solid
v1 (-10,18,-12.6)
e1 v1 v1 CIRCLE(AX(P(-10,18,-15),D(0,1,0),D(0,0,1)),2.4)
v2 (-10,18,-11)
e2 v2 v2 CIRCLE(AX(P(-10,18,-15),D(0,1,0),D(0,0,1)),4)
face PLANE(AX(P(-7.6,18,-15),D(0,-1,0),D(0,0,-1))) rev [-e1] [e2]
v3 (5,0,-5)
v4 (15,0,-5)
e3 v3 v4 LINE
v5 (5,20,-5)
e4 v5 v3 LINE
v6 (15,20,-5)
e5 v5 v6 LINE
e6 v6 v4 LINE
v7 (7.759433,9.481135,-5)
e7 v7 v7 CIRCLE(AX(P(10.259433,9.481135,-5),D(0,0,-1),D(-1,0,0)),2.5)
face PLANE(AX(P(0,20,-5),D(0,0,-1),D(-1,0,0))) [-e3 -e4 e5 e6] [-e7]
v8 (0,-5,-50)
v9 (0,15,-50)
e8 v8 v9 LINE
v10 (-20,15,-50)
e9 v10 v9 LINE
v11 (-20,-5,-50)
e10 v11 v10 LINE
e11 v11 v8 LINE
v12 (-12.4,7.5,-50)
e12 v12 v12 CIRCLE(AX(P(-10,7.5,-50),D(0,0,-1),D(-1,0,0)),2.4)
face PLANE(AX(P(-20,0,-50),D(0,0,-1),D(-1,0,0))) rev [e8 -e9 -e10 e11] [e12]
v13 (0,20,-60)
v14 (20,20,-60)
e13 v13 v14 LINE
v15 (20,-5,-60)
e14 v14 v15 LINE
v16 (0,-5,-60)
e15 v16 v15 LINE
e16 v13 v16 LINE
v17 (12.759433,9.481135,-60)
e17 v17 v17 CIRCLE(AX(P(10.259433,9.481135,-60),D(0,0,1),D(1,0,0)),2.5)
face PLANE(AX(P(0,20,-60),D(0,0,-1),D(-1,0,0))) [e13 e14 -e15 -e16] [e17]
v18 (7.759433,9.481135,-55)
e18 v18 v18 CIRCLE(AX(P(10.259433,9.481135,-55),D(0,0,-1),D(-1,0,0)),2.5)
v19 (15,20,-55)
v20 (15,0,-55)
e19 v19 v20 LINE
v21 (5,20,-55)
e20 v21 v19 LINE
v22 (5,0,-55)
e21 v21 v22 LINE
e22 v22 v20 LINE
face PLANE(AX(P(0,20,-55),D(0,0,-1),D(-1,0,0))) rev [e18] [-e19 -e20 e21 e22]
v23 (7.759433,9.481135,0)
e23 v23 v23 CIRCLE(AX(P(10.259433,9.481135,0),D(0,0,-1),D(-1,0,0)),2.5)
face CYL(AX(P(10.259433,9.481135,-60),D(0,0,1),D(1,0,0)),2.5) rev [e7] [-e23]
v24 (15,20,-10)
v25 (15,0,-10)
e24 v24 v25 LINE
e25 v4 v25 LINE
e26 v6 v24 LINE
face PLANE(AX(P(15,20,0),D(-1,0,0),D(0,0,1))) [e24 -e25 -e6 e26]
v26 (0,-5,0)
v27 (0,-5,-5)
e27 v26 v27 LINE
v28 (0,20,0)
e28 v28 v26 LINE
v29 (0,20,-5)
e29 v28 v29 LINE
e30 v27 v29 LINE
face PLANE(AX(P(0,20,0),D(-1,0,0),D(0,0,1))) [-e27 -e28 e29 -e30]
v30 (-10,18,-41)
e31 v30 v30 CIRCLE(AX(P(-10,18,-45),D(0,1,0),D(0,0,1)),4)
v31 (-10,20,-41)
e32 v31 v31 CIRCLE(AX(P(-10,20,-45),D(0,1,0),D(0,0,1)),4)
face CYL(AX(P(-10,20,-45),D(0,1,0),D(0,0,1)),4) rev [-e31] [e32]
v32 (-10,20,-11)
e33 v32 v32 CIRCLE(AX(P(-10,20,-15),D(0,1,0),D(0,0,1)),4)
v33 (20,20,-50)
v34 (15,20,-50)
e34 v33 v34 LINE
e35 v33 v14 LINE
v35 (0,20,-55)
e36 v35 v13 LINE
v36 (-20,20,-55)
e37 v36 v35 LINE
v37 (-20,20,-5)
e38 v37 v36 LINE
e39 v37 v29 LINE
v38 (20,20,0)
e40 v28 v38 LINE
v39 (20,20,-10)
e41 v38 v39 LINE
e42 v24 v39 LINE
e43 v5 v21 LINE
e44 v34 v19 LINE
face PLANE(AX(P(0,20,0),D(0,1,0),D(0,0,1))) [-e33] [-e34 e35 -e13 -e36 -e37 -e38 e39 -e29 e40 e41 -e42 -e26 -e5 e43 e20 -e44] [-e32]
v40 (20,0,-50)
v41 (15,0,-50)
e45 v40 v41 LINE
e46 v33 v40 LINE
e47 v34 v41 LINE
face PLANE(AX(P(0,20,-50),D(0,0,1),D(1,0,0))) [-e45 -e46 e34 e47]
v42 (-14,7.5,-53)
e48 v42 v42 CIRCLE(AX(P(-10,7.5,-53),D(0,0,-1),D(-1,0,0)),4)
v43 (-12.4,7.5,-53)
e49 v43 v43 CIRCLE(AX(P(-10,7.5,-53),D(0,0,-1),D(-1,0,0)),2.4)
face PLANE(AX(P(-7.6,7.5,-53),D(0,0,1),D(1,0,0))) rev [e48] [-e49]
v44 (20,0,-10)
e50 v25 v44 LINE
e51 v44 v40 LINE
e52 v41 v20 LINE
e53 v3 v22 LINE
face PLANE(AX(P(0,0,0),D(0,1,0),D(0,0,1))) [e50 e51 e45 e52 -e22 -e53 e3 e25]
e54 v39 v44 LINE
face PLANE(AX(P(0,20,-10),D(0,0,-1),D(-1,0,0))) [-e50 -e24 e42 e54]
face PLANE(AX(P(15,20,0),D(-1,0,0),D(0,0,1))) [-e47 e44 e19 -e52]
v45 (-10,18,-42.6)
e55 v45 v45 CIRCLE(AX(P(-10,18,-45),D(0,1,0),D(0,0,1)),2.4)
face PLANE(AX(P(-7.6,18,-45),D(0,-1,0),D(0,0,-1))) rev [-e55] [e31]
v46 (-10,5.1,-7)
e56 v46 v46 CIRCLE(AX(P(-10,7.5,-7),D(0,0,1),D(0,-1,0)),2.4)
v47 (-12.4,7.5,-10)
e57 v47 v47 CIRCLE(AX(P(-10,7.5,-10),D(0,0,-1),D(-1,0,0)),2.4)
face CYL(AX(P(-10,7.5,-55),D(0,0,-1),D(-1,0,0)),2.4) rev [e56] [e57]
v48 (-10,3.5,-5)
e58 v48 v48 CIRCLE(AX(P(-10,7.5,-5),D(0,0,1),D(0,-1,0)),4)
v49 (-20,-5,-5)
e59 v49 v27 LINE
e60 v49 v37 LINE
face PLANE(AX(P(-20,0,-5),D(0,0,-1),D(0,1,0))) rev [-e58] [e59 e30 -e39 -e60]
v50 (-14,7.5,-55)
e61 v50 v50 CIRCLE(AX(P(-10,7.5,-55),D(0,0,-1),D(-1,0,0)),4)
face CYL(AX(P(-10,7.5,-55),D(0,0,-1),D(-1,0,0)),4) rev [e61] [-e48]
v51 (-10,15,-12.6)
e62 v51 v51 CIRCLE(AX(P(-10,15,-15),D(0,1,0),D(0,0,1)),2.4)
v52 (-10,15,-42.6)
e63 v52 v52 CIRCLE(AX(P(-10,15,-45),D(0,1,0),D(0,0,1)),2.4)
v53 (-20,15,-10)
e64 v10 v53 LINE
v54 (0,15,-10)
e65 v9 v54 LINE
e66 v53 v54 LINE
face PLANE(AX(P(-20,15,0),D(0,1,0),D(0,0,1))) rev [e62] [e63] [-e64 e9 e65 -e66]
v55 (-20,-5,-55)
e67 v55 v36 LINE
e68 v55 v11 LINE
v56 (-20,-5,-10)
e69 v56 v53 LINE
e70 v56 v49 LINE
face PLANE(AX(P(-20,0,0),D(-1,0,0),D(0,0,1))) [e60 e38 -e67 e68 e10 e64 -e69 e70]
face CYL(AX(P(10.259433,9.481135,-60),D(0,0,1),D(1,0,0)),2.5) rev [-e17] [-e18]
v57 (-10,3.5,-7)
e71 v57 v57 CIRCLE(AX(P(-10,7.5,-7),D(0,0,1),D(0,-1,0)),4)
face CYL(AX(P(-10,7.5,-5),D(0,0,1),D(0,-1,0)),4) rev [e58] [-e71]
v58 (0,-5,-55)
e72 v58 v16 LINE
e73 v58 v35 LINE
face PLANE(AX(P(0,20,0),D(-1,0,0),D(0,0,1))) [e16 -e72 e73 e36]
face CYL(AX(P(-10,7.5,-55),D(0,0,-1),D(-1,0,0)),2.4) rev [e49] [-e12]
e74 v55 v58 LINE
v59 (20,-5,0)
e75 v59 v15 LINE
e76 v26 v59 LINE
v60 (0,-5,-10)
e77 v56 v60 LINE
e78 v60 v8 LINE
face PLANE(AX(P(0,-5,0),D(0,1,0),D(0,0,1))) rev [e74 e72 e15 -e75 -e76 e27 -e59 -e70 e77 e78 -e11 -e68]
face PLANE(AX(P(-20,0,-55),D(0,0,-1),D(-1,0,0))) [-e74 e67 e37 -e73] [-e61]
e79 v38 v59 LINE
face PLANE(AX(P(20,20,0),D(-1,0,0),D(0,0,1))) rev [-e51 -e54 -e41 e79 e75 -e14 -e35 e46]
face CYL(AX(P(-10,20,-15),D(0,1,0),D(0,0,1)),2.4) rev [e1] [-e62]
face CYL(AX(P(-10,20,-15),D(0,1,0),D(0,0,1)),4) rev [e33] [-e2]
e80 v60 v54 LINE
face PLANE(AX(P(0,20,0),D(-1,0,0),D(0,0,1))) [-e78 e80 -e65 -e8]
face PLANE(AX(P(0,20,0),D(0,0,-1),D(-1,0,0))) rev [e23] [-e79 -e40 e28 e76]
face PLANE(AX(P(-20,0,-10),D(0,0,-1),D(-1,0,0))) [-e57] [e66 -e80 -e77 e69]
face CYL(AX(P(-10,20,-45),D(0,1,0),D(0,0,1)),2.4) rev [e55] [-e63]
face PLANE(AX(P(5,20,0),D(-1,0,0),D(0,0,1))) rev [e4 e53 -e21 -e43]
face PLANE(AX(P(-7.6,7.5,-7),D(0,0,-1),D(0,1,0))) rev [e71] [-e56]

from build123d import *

# Parameters (mm, degrees)
ESQUISSE1_W                                       = 5
ESQUISSE1_H                                       = 40
BOSS_EXTRU_1_DEPTH                                = 20
ESQUISSE1_3_W                                     = 5
ESQUISSE1_3_H                                     = 40
ESQUISSE1_3_W_2                                   = 10
ESQUISSE1_3_H_2                                   = 5
BOSS_EXTRU_2_DEPTH                                = 5
ESQUISSE3_W                                       = 40
ESQUISSE3_H                                       = 5
BOSS_EXTRU_3_DEPTH                                = 20
ENL_V_MAT_EXTRU_2_DEPTH                           = 40
ENL_V_MAT_EXTRU_2_DEPTH_BACK                      = 61
CHAMBRAGE_POUR_VIS_SIX_PANS_CREUX_M41_D           = 4.8
CHAMBRAGE_POUR_VIS_SIX_PANS_CREUX_M41_CBORE_D     = 8
CHAMBRAGE_POUR_VIS_SIX_PANS_CREUX_M41_CBORE_DEPTH = 2
CHAMBRAGE_POUR_VIS_SIX_PANS_CREUX_2_D             = 4.8
CHAMBRAGE_POUR_VIS_SIX_PANS_CREUX_2_CBORE_D       = 8
CHAMBRAGE_POUR_VIS_SIX_PANS_CREUX_2_CBORE_DEPTH   = 2
CHAMBRAGE_POUR_VIS_SIX_PANS_CREUX_3_D             = 4.8
CHAMBRAGE_POUR_VIS_SIX_PANS_CREUX_3_CBORE_D       = 8
CHAMBRAGE_POUR_VIS_SIX_PANS_CREUX_3_CBORE_DEPTH   = 2


with BuildPart() as part:
    # Esquisse1 → Boss.-Extru.1 (new body)
    with BuildSketch(Plane(origin=(0, 0, 0), x_dir=(1, 0, 0), z_dir=(0, 1, 0))):
        with Locations((2.5, 30)):
            Rectangle(ESQUISSE1_W, ESQUISSE1_H)
        Polygon((0, 50), (5, 50), (5, 55), (15, 55), (15, 50), (20, 50), (20, 60), (0, 60), align=None)
        Polygon((15, 5), (5, 5), (5, 10), (0, 10), (0, 0), (20, 0), (20, 10), (15, 10), align=None)
    extrude(amount=BOSS_EXTRU_1_DEPTH)

    # Esquisse1<3> → Boss.-Extru.2 (add)
    with BuildSketch(Plane(origin=(0, 0, 0), x_dir=(1, 0, 0), z_dir=(0, 1, 0))):
        Polygon((0, 50), (5, 50), (5, 55), (15, 55), (15, 50), (20, 50), (20, 60), (0, 60), align=None)
        with Locations((17.5, 30)):
            Rectangle(ESQUISSE1_3_W, ESQUISSE1_3_H)
        with Locations((10, 52.5)):
            Rectangle(ESQUISSE1_3_W_2, ESQUISSE1_3_H_2)
        with Locations((10, 30)):
            Rectangle(ESQUISSE1_3_W_2, ESQUISSE1_3_H)
        with Locations((2.5, 30)):
            Rectangle(ESQUISSE1_3_W, ESQUISSE1_3_H)
        Polygon((15, 5), (5, 5), (5, 10), (0, 10), (0, 0), (20, 0), (20, 10), (15, 10), align=None)
        with Locations((10, 7.5)):
            Rectangle(ESQUISSE1_3_W_2, ESQUISSE1_3_H_2)
    extrude(amount=-BOSS_EXTRU_2_DEPTH)

    # Esquisse3 → Boss.-Extru.3 (add)
    with BuildSketch(Plane.ZY):
        Polygon((-55, 20), (-55, -5), (-50, -5), (-50, 15), (-50, 20), align=None)
        Polygon((-10, 15), (-10, -5), (-5, -5), (-5, 20), (-10, 20), align=None)
        with Locations((-30, 17.5)):
            Rectangle(ESQUISSE3_W, ESQUISSE3_H)
    extrude(amount=BOSS_EXTRU_3_DEPTH)

    # Esquisse4 → Enlèv. mat.-Extru.2 (cut, two sides)
    with BuildSketch(Plane.XY) as enl_v_mat_extru_2_sk:
        with BuildLine():
            ThreePointArc((12.759432597, 9.481134806), (11.573760378, 11.607761826), (9.141398608, 11.717202783))
            Line((9.141398608, 11.717202783), (11.377466586, 7.245066828))
            ThreePointArc((11.377466586, 7.245066828), (12.386059618, 8.166807025), (12.759432597, 9.481134806))
        make_face()
        with BuildLine():
            Line((11.377466586, 7.245066828), (9.141398608, 11.717202783))
            ThreePointArc((9.141398608, 11.717202783), (8.02336462, 8.363100817), (11.377466586, 7.245066828))
        make_face()
    extrude(amount=ENL_V_MAT_EXTRU_2_DEPTH, mode=Mode.SUBTRACT)
    extrude(enl_v_mat_extru_2_sk.sketch, amount=-ENL_V_MAT_EXTRU_2_DEPTH_BACK, mode=Mode.SUBTRACT)

    # Chambrage pour vis à six pans creux M41 (through all)
    with Locations(Plane(origin=(-10, 7.5, -5), x_dir=(0, 1, 0), z_dir=(0, 0, 1))):
        with Locations((0, 0)):
            CounterBoreHole(CHAMBRAGE_POUR_VIS_SIX_PANS_CREUX_M41_D / 2, CHAMBRAGE_POUR_VIS_SIX_PANS_CREUX_M41_CBORE_D / 2, CHAMBRAGE_POUR_VIS_SIX_PANS_CREUX_M41_CBORE_DEPTH)

    # Chambrage pour vis _ six pans creux  2 (through all)
    with Locations(Plane(origin=(-10, 20, -45), x_dir=(0, 0, 1), z_dir=(0, 1, 0))):
        with Locations((0, 0), (30, 0)):
            CounterBoreHole(CHAMBRAGE_POUR_VIS_SIX_PANS_CREUX_2_D / 2, CHAMBRAGE_POUR_VIS_SIX_PANS_CREUX_2_CBORE_D / 2, CHAMBRAGE_POUR_VIS_SIX_PANS_CREUX_2_CBORE_DEPTH)

    # Chambrage pour vis _ six pans creux  3 (through all)
    with Locations(Plane(origin=(-10, 7.5, -55), x_dir=(-1, 0, 0), z_dir=(0, 0, -1))):
        with Locations((0, 0)):
            CounterBoreHole(CHAMBRAGE_POUR_VIS_SIX_PANS_CREUX_3_D / 2, CHAMBRAGE_POUR_VIS_SIX_PANS_CREUX_3_CBORE_D / 2, CHAMBRAGE_POUR_VIS_SIX_PANS_CREUX_3_CBORE_DEPTH)


solid = part.part
